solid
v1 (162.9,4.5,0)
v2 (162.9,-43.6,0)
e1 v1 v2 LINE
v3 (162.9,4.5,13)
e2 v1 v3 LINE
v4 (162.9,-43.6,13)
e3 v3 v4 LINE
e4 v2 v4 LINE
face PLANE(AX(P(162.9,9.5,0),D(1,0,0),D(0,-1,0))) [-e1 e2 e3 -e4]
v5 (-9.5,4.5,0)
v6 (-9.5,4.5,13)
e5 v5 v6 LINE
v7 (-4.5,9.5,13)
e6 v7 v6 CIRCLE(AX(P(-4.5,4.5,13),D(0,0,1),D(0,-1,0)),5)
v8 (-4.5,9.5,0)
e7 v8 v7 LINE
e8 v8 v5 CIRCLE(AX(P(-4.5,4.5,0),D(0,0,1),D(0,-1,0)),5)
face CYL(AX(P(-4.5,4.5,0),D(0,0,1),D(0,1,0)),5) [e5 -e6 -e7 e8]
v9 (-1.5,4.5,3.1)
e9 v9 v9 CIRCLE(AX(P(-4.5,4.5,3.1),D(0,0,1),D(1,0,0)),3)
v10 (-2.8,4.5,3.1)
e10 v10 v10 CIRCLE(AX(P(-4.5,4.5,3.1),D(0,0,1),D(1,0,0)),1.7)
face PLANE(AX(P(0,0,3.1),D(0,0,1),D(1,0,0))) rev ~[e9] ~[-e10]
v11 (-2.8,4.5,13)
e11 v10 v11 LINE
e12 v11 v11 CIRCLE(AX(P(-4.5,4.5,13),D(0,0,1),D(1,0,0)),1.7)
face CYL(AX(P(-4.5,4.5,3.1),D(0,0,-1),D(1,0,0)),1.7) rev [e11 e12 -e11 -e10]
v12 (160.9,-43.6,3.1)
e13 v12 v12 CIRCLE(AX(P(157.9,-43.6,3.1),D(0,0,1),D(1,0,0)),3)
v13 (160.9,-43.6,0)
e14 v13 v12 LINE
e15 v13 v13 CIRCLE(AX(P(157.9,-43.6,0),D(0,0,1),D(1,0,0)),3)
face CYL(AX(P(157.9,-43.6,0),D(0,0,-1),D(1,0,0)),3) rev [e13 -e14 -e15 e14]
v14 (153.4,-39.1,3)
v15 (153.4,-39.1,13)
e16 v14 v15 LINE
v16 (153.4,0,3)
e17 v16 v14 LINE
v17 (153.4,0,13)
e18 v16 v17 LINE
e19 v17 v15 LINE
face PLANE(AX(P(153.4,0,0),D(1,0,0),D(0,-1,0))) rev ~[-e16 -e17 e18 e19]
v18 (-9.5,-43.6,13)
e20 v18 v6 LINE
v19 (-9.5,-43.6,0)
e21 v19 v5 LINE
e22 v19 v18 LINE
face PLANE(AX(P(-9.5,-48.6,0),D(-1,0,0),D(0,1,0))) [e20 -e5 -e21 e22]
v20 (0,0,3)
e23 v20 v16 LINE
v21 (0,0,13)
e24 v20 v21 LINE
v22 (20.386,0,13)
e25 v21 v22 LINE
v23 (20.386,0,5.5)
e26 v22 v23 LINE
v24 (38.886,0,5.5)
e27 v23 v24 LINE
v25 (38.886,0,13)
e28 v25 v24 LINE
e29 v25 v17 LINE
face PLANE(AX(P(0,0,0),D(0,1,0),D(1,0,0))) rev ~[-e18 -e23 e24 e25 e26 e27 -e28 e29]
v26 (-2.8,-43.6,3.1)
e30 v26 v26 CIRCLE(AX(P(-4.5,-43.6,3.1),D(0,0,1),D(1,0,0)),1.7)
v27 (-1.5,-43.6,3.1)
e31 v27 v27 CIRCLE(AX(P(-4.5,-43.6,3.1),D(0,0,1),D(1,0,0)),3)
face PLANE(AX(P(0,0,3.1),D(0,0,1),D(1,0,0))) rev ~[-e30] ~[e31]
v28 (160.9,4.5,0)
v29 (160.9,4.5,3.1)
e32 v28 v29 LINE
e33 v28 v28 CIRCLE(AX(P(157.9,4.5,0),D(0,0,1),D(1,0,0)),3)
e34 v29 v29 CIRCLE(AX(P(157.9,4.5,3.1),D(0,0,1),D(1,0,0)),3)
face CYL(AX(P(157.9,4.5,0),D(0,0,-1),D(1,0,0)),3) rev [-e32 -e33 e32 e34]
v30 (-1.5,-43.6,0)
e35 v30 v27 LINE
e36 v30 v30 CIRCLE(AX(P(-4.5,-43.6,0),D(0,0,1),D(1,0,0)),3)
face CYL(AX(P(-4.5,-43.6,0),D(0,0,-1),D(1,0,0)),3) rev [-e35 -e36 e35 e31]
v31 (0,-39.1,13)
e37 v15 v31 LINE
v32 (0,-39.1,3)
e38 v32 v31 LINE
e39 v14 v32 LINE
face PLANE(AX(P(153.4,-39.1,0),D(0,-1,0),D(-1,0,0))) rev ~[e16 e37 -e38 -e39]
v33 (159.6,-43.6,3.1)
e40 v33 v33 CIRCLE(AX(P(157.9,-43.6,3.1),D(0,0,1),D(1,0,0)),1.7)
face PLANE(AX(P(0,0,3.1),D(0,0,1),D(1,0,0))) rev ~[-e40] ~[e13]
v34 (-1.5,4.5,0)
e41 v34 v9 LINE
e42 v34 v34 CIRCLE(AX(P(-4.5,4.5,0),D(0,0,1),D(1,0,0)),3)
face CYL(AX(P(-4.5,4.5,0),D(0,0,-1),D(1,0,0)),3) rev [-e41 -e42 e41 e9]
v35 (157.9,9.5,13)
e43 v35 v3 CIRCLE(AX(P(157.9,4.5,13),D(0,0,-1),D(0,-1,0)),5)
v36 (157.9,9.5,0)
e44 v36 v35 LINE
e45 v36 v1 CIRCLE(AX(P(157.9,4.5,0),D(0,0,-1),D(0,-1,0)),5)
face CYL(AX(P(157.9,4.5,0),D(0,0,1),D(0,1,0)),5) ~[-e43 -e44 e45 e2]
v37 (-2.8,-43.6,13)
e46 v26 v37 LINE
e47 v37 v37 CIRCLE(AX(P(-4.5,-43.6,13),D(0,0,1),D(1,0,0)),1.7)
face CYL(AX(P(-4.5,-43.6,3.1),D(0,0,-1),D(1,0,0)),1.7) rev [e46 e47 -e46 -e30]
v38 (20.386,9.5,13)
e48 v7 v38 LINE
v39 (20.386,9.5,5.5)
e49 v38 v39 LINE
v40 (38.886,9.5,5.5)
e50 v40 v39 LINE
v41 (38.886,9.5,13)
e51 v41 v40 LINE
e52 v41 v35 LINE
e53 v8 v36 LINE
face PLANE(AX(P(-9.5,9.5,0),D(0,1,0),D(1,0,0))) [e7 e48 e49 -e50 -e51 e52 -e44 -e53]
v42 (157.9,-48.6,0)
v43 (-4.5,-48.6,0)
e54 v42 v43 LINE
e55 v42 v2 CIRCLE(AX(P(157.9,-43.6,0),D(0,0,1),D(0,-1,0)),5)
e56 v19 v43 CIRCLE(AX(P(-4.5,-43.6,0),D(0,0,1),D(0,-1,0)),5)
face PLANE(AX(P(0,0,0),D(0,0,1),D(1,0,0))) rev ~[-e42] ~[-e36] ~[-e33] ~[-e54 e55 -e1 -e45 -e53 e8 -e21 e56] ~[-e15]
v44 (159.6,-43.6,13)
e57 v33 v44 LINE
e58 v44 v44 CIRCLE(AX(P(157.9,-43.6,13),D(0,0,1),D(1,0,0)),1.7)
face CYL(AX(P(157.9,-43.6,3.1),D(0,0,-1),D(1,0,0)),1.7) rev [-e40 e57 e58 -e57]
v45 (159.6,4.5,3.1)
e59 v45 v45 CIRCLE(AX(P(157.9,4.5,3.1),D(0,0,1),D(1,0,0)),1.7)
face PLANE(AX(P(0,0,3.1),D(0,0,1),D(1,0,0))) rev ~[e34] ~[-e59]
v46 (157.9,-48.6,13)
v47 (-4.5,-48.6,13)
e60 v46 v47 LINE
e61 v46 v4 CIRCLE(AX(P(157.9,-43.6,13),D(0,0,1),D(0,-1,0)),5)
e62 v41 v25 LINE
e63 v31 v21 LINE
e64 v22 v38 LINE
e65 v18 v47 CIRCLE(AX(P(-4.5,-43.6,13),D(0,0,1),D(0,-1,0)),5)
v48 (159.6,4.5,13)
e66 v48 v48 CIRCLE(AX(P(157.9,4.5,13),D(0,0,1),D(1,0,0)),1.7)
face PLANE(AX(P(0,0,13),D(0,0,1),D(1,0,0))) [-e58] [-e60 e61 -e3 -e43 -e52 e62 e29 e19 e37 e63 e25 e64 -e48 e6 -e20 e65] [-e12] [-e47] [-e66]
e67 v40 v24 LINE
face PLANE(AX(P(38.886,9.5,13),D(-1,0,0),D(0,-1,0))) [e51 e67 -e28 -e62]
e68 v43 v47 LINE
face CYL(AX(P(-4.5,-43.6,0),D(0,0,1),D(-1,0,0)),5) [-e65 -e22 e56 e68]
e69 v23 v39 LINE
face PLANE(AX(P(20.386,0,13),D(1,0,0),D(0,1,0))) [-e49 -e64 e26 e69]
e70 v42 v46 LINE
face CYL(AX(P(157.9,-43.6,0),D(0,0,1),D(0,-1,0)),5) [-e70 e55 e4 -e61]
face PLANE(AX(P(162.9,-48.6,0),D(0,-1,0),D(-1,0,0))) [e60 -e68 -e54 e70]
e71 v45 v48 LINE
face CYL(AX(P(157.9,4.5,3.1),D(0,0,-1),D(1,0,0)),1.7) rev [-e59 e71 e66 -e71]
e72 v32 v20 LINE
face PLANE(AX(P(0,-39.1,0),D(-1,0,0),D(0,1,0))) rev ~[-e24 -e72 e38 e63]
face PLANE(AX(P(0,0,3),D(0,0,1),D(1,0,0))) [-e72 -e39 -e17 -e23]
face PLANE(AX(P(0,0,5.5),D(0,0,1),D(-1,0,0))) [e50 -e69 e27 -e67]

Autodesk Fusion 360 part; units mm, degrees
sketch "Sketch1" plane through (0, 0, 0) normal (0, 0, 1) x (1, 0, 0)
  line L0 (0, 0) -> (153.4, 0)
  line L1 (153.4, 0) -> (153.4, -39.1)
  line L2 (153.4, -39.1) -> (0, -39.1)
  line L3 (0, -39.1) -> (0, 0)
  line L4 (-9.5, 9.5) -> (162.9, 9.5)
  line L5 (162.9, 9.5) -> (162.9, -48.6)
  line L6 (162.9, -48.6) -> (-9.5, -48.6)
  line L7 (-9.5, -48.6) -> (-9.5, 9.5)
  circle A0 centre (-4.5, 4.5) radius 1.7
  circle A1 centre (-4.5, -43.6) radius 1.7
  circle A2 centre (-4.5, -43.6) radius 3
  circle A3 centre (-4.5, 4.5) radius 3
  circle A4 centre (157.9, 4.5) radius 1.7
  circle A5 centre (157.9, 4.5) radius 3
  circle A6 centre (157.9, -43.6) radius 1.7
  circle A7 centre (157.9, -43.6) radius 3
  dimension "d1" = 153.4
  dimension "d2" = 39.1
  dimension "d3" = 172.4
  dimension "d4" = 58.1
  dimension "d5" = 9.5
  dimension "d6" = 9.5
  dimension "d7" = 3.4
  dimension "d8" = 5
  dimension "d9" = 5
  dimension "d10" = 3.4
  dimension "d11" = 5
  dimension "d12" = 5
  dimension "d13" = 6
  dimension "d14" = 6
  dimension "d15" = 3.4
  dimension "d16" = 5
  dimension "d17" = 5
  dimension "d18" = 6
  dimension "d19" = 3.4
  dimension "d20" = 5
  dimension "d21" = 5
  dimension "d22" = 6
extrude "Extrude1" add sketch "Sketch1" along normal blind 9.9 from surface at 3.1 contours A2 | A3 | A5 | A7 makes body 1 at (-1.5037, 4.3505, 9.7) makes body 2 at (160.1981, 6.4284, 9.7) makes body 3 at (-1.5037, -43.7495, 9.7) makes body 4 at (159.9947, -41.4524, 9.7)
extrude "Extrude2" add sketch "Sketch1" along normal blind 13 contours L4 L5 L6 L7 bodies 1 2 3 4
extrude "Extrude3" add sketch "Sketch1" along normal blind 3 contours L0 L1 L2 L3 bodies 1
sketch "Sketch2" plane through (0, 0, 13) normal (0, 0, 1) x (-1, 0, 0)
  circle A0 centre (4.5, -4.5) radius 1.7
  circle A1 centre (-157.9, 43.6) radius 1.7
  line L0 (-153.4, 39.1) -> (0, 39.1)
  line L1 (0, 39.1) -> (0, 0)
  line L2 (0, 0) -> (-153.4, 0)
  line L3 (-153.4, 0) -> (-153.4, 39.1)
  line L4 (9.5, 48.6) -> (-162.9, 48.6)
  line L5 (-162.9, 48.6) -> (-162.9, -9.5)
  line L6 (-162.9, -9.5) -> (9.5, -9.5)
  line L7 (9.5, -9.5) -> (9.5, 48.6)
  circle A2 centre (-157.9, -4.5) radius 1.7
  circle A3 centre (4.5, 43.6) radius 1.7
  line L8 (-20.386, -9.5) -> (-38.886, -9.5)
  line L9 (-38.886, -9.5) -> (-38.886, 0)
  line L10 (-38.886, 0) -> (-20.386, 0)
  line L11 (-20.386, 0) -> (-20.386, -9.5)
  dimension "d30" = 18.5
  dimension "d31" = 29.886
extrude "Extrude4" cut sketch "Sketch2" against normal blind 7.5 contours L2 L6 L8 L9 L10 L11 bodies 1
fillet "Fillet1" radius 5 4 edges at (-9.5, -48.6, 6.5) (-9.5, 9.5, 6.5) (162.9, 9.5, 6.5) (162.9, -48.6, 6.5) on bodies 1
